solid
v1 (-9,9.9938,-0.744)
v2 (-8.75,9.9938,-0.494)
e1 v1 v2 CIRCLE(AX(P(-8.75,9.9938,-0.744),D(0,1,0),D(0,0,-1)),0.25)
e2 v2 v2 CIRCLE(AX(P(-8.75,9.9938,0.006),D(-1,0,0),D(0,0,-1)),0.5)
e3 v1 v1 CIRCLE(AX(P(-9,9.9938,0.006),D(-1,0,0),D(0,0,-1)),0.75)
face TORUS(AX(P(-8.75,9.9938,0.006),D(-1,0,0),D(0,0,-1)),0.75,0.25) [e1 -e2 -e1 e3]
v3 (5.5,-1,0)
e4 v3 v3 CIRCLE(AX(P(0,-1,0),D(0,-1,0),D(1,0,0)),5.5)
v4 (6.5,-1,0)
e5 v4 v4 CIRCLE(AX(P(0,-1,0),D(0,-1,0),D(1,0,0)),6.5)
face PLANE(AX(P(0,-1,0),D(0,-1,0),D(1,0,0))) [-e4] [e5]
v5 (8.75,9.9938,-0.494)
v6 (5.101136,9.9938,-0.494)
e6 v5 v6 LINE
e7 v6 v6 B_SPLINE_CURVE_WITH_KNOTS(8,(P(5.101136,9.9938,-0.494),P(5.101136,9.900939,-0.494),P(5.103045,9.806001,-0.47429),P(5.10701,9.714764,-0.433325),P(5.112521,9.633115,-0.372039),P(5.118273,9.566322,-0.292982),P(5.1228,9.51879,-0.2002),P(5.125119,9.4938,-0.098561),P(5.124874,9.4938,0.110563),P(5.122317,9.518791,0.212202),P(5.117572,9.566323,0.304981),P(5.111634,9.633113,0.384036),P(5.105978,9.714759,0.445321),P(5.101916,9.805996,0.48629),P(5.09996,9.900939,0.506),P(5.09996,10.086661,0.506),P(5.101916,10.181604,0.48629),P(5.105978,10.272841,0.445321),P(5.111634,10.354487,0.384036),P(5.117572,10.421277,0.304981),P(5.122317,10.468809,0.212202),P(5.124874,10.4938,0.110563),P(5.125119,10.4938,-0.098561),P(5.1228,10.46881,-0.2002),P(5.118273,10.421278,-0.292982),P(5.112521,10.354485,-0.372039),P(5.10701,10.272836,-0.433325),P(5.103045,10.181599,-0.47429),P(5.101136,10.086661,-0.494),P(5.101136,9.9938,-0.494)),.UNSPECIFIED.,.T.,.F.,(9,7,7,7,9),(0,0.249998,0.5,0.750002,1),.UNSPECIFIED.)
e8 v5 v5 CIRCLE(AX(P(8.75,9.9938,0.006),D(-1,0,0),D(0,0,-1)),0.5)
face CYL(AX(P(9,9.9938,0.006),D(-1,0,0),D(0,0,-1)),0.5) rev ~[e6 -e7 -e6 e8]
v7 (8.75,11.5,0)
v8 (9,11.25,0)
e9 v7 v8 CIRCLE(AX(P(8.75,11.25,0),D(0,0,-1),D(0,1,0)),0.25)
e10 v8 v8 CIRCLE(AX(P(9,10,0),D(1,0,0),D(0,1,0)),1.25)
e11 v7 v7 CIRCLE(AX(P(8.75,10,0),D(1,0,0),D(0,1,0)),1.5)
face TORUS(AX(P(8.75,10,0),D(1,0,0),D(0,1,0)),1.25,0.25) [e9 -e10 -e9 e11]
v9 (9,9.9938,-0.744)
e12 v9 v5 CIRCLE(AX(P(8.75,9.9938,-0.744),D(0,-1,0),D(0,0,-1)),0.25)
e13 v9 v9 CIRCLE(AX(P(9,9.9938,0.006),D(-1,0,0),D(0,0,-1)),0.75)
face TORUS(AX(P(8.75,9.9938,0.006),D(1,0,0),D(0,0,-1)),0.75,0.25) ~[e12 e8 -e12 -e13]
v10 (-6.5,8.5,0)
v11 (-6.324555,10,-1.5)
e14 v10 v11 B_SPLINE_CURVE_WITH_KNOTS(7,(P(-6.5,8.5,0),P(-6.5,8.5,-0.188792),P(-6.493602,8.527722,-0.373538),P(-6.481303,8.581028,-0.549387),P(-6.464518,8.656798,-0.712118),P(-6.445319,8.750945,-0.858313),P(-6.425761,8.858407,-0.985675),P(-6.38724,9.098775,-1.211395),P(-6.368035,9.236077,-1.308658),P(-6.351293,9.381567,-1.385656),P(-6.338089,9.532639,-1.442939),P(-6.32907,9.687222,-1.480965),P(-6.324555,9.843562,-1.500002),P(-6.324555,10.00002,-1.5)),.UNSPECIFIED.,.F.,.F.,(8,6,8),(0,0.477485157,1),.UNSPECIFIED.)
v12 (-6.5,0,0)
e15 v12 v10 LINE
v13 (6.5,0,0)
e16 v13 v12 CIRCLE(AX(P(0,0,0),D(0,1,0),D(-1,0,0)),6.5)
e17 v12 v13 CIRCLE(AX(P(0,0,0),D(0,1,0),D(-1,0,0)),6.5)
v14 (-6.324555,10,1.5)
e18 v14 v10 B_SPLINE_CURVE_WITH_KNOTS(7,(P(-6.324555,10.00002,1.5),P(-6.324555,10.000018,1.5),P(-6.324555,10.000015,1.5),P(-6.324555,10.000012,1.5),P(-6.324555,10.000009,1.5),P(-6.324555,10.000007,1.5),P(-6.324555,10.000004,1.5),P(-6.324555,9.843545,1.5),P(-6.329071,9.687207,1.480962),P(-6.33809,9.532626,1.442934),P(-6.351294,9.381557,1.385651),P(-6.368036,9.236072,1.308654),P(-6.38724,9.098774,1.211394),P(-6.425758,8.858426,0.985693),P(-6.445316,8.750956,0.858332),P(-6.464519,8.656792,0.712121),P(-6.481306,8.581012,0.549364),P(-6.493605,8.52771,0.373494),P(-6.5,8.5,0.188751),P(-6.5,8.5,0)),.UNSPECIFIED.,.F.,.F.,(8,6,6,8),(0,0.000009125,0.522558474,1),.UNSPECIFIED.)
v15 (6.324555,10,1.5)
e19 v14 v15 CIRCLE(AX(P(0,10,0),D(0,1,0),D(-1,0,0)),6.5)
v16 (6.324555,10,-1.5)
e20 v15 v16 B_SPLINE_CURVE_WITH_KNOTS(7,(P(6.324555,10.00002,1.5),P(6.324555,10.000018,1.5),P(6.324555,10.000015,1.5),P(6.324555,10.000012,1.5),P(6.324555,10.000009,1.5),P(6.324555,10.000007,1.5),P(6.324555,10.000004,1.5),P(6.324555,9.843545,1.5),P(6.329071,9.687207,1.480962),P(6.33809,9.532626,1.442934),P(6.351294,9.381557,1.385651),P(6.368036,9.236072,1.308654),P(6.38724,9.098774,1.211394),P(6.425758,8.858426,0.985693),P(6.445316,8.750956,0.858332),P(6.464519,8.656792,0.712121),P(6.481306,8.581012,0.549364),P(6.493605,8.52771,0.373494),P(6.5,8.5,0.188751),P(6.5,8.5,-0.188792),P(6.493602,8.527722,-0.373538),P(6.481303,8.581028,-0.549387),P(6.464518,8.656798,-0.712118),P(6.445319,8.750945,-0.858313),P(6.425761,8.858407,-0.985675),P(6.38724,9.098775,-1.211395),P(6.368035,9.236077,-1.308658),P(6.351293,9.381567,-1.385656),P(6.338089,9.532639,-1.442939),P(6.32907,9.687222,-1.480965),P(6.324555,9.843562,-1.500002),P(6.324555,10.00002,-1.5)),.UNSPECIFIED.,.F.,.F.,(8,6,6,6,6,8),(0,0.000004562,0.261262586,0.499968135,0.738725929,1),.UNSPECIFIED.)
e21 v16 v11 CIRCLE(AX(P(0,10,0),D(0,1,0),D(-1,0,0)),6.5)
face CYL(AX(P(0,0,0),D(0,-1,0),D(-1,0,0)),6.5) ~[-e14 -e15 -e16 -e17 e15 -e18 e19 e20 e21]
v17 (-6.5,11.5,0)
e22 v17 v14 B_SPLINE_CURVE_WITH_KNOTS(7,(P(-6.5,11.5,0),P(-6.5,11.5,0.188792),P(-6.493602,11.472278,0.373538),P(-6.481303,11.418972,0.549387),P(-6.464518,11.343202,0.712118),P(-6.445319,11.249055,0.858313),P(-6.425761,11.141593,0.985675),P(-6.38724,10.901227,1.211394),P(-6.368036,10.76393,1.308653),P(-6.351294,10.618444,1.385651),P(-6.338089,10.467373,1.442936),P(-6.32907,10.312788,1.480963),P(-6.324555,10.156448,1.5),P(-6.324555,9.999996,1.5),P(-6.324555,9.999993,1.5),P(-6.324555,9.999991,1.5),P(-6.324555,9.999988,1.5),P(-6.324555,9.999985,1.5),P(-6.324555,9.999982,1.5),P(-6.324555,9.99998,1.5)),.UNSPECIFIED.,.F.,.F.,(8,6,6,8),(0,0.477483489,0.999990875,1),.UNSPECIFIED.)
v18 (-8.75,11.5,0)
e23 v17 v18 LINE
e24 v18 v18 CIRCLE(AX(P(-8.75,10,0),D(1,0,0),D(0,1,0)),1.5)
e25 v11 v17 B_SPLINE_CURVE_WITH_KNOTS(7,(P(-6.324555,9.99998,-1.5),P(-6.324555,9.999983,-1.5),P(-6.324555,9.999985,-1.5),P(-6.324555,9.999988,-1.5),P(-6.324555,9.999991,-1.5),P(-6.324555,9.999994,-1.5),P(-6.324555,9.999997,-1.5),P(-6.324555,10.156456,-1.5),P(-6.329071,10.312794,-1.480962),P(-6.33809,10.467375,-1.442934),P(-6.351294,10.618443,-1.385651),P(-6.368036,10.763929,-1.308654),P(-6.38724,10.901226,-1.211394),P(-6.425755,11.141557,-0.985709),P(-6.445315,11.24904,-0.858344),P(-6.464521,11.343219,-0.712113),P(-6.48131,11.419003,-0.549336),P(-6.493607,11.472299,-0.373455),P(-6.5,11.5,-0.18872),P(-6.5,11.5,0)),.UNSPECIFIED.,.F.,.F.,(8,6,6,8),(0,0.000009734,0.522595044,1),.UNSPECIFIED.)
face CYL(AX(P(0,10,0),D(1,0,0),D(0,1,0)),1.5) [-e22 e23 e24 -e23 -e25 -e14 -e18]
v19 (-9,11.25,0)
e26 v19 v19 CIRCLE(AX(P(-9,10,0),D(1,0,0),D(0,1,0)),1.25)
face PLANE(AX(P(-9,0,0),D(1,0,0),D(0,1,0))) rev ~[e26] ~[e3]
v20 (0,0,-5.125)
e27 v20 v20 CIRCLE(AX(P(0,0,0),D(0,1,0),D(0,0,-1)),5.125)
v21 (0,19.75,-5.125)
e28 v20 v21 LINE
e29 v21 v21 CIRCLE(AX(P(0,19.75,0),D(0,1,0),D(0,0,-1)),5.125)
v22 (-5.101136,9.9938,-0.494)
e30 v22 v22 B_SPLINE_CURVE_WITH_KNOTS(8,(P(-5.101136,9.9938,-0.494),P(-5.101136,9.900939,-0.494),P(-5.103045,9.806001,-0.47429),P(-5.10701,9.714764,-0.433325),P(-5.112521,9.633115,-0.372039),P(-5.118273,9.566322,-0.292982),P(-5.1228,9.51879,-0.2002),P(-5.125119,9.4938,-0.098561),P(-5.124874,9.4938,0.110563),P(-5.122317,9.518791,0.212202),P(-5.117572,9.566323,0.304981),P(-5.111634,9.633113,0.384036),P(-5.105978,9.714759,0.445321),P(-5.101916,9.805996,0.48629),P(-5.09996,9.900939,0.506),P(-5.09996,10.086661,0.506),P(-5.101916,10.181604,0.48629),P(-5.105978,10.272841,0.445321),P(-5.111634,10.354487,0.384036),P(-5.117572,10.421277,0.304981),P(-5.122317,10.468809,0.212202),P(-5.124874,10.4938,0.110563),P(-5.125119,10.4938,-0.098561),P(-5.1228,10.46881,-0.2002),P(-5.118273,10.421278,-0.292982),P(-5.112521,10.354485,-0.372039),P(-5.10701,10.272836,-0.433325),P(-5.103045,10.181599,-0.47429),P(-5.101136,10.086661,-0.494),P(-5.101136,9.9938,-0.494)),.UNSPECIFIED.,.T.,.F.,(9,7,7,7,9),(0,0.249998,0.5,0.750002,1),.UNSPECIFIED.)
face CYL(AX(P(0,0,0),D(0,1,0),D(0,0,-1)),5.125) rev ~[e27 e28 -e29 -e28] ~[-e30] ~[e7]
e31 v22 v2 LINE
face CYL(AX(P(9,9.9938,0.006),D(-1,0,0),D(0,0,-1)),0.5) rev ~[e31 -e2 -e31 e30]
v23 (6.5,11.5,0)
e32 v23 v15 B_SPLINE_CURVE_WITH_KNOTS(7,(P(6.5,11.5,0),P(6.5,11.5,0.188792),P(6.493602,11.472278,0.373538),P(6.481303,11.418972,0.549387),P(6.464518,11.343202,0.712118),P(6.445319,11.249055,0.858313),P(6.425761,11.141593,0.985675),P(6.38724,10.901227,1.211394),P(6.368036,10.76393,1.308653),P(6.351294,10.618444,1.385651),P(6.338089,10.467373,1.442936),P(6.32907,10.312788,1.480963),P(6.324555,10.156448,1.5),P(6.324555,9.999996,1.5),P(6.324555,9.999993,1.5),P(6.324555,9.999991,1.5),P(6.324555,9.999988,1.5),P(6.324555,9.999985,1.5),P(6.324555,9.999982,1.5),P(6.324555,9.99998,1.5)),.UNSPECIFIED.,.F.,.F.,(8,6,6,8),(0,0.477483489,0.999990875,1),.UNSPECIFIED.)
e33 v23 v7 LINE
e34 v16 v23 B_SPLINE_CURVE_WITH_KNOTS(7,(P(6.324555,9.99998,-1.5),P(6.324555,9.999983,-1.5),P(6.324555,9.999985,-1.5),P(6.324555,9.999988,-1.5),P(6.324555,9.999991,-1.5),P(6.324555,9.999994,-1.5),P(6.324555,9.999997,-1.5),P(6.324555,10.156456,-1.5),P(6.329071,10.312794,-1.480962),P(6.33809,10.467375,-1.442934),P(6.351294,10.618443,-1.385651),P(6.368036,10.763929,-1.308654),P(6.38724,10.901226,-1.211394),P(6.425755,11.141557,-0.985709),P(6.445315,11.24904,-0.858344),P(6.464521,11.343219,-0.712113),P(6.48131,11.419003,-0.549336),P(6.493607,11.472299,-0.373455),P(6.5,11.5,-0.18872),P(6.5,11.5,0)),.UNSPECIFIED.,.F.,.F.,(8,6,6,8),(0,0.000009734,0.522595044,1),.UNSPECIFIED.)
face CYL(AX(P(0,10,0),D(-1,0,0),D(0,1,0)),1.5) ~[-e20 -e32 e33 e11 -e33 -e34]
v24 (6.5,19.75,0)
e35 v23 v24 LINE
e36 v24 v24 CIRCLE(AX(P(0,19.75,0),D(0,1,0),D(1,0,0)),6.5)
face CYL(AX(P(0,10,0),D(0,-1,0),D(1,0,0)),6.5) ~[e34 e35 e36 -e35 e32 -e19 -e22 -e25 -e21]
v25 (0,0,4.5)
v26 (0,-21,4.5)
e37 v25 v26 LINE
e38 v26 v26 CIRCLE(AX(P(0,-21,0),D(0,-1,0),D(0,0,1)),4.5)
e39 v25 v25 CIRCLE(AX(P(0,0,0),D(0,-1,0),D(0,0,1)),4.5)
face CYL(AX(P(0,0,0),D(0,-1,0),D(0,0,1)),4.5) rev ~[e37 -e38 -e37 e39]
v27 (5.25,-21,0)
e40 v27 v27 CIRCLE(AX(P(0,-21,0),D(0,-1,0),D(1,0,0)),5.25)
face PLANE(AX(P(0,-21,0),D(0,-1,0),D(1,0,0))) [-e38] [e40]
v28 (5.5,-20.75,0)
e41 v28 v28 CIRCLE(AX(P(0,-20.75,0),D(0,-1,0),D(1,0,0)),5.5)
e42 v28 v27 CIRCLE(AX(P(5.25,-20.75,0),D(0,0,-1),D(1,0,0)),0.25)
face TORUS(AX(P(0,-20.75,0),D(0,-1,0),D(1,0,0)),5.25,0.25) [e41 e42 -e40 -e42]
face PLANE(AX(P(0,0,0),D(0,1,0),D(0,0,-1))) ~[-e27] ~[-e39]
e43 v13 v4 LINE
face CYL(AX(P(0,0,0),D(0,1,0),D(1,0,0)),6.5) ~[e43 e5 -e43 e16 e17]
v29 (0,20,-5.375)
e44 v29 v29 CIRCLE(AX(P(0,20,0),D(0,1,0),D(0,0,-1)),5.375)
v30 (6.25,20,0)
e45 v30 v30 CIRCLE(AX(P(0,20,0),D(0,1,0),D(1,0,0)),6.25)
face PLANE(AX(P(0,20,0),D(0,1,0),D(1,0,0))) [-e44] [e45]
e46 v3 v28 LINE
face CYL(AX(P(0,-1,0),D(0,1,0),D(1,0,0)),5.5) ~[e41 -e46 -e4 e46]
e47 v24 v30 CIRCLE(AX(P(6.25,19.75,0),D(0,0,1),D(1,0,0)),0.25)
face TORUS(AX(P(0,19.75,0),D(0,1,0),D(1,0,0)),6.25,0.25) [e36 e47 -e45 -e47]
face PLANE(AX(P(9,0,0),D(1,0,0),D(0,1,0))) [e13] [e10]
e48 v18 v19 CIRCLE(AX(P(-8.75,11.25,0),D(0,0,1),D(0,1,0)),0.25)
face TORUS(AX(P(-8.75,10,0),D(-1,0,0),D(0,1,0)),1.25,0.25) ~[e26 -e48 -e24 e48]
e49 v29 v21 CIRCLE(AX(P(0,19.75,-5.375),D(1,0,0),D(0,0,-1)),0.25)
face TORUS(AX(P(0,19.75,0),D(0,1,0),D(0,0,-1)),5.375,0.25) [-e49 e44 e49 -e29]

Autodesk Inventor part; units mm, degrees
ref_plane "YZ Plane" through (0, 0, 0) normal (1, 0, 0) x (0, 1, 0)
ref_plane "XZ Plane" through (0, 0, 0) normal (0, 1, 0) x (-1, 0, 0)
sketch "Sketch1" plane through (0, 0, 0) normal (0, 1, 0) x (-1, 0, 0)
  circle A0 centre (0, 0) radius 6.5
  dimension "d0" = 13
extrude "Extrusion1" add sketch "Sketch1" along normal blind 10
sketch "Sketch3" plane through (0, 0, 0) normal (0, -1, 0) x (1, 0, 0)
  circle A0 centre (0, 0) radius 6.5
  dimension "d49" = 13
extrude "Extrusion2" add sketch "Sketch3" along normal blind 1
sketch "Sketch4" plane through (0, -1, 0) normal (0, -1, 0) x (1, 0, 0)
  circle A0 centre (0, 0) radius 5.5
  dimension "d12" = 11
extrude "Extrusion3" add sketch "Sketch4" along normal blind 20
ref_plane "Work Plane2" through (0, 0, 0) normal (0, 1, 0) x (1, 0, 0)
sketch "Sketch5" plane through (0, 0, 0) normal (0, 1, 0) x (1, 0, 0)
  point P0 (0, 0)
  point P1 (0, 0)
hole "Hole2" at (0, 0, 0) direction (0, -1, 0) diameter 9 depth 391.2125 tip angle 118
sketch "Sketch7" plane through (0, 10, 0) normal (0, 1, 0) x (1, 0, 0)
  circle A0 centre (0, 0) radius 6.5
  dimension "d50" = 13
extrude "Extrusion4" add sketch "Sketch7" along normal blind 10
sketch "Sketch9" plane through (0, 0, 0) normal (1, 0, 0) x (0, 1, 0)
  circle A0 centre (10, 0) radius 1.5
  point P0 (0, 0)
  dimension "d32" = 3
extrude "Extrusion5" add sketch "Sketch9" along normal mid plane 18
sketch "Sketch10" plane through (0, 0, 0) normal (0, -1, 0) x (1, 0, 0)
  point P0 (0, 0)
  point P1 (0, 0)
hole "Hole4" at (0, 0, 0) direction (0, 1, 0) diameter 10.25 depth 391.2125 tip angle 118
sketch "Sketch11" plane through (9, 10, 0) normal (1, 0, 0) x (0, 0, -1)
  line L0 (-1.6967, 0) -> (1.872, 0)
  line L1 (0, 1.7775) -> (0, -1.6976)
  point P0 (0, -10)
sketch "Sketch12" plane through (9, 10, 0) normal (1, 0, 0) x (0, 0, -1)
  point P0 (0, -10)
  point P1 (-0.006, -0.0062)
hole "Hole5" at (9, 9.9938, 0.006) direction (-1, 0, 0) diameter 1 depth 391.2125 tip angle 118
fillet "Fillet1" radius 0.25 3 edges at (0, 20, 5.125) (-6.5, 20, 0) (-5.5, -21, 0)
fillet "Fillet2" radius 0.25 4 edges at (9, 8.5, 0) (-9, 8.5, 0) (9, 9.9938, 0.506) (-9, 9.9938, 0.506)
properties part number "outer_chamber_v8"
